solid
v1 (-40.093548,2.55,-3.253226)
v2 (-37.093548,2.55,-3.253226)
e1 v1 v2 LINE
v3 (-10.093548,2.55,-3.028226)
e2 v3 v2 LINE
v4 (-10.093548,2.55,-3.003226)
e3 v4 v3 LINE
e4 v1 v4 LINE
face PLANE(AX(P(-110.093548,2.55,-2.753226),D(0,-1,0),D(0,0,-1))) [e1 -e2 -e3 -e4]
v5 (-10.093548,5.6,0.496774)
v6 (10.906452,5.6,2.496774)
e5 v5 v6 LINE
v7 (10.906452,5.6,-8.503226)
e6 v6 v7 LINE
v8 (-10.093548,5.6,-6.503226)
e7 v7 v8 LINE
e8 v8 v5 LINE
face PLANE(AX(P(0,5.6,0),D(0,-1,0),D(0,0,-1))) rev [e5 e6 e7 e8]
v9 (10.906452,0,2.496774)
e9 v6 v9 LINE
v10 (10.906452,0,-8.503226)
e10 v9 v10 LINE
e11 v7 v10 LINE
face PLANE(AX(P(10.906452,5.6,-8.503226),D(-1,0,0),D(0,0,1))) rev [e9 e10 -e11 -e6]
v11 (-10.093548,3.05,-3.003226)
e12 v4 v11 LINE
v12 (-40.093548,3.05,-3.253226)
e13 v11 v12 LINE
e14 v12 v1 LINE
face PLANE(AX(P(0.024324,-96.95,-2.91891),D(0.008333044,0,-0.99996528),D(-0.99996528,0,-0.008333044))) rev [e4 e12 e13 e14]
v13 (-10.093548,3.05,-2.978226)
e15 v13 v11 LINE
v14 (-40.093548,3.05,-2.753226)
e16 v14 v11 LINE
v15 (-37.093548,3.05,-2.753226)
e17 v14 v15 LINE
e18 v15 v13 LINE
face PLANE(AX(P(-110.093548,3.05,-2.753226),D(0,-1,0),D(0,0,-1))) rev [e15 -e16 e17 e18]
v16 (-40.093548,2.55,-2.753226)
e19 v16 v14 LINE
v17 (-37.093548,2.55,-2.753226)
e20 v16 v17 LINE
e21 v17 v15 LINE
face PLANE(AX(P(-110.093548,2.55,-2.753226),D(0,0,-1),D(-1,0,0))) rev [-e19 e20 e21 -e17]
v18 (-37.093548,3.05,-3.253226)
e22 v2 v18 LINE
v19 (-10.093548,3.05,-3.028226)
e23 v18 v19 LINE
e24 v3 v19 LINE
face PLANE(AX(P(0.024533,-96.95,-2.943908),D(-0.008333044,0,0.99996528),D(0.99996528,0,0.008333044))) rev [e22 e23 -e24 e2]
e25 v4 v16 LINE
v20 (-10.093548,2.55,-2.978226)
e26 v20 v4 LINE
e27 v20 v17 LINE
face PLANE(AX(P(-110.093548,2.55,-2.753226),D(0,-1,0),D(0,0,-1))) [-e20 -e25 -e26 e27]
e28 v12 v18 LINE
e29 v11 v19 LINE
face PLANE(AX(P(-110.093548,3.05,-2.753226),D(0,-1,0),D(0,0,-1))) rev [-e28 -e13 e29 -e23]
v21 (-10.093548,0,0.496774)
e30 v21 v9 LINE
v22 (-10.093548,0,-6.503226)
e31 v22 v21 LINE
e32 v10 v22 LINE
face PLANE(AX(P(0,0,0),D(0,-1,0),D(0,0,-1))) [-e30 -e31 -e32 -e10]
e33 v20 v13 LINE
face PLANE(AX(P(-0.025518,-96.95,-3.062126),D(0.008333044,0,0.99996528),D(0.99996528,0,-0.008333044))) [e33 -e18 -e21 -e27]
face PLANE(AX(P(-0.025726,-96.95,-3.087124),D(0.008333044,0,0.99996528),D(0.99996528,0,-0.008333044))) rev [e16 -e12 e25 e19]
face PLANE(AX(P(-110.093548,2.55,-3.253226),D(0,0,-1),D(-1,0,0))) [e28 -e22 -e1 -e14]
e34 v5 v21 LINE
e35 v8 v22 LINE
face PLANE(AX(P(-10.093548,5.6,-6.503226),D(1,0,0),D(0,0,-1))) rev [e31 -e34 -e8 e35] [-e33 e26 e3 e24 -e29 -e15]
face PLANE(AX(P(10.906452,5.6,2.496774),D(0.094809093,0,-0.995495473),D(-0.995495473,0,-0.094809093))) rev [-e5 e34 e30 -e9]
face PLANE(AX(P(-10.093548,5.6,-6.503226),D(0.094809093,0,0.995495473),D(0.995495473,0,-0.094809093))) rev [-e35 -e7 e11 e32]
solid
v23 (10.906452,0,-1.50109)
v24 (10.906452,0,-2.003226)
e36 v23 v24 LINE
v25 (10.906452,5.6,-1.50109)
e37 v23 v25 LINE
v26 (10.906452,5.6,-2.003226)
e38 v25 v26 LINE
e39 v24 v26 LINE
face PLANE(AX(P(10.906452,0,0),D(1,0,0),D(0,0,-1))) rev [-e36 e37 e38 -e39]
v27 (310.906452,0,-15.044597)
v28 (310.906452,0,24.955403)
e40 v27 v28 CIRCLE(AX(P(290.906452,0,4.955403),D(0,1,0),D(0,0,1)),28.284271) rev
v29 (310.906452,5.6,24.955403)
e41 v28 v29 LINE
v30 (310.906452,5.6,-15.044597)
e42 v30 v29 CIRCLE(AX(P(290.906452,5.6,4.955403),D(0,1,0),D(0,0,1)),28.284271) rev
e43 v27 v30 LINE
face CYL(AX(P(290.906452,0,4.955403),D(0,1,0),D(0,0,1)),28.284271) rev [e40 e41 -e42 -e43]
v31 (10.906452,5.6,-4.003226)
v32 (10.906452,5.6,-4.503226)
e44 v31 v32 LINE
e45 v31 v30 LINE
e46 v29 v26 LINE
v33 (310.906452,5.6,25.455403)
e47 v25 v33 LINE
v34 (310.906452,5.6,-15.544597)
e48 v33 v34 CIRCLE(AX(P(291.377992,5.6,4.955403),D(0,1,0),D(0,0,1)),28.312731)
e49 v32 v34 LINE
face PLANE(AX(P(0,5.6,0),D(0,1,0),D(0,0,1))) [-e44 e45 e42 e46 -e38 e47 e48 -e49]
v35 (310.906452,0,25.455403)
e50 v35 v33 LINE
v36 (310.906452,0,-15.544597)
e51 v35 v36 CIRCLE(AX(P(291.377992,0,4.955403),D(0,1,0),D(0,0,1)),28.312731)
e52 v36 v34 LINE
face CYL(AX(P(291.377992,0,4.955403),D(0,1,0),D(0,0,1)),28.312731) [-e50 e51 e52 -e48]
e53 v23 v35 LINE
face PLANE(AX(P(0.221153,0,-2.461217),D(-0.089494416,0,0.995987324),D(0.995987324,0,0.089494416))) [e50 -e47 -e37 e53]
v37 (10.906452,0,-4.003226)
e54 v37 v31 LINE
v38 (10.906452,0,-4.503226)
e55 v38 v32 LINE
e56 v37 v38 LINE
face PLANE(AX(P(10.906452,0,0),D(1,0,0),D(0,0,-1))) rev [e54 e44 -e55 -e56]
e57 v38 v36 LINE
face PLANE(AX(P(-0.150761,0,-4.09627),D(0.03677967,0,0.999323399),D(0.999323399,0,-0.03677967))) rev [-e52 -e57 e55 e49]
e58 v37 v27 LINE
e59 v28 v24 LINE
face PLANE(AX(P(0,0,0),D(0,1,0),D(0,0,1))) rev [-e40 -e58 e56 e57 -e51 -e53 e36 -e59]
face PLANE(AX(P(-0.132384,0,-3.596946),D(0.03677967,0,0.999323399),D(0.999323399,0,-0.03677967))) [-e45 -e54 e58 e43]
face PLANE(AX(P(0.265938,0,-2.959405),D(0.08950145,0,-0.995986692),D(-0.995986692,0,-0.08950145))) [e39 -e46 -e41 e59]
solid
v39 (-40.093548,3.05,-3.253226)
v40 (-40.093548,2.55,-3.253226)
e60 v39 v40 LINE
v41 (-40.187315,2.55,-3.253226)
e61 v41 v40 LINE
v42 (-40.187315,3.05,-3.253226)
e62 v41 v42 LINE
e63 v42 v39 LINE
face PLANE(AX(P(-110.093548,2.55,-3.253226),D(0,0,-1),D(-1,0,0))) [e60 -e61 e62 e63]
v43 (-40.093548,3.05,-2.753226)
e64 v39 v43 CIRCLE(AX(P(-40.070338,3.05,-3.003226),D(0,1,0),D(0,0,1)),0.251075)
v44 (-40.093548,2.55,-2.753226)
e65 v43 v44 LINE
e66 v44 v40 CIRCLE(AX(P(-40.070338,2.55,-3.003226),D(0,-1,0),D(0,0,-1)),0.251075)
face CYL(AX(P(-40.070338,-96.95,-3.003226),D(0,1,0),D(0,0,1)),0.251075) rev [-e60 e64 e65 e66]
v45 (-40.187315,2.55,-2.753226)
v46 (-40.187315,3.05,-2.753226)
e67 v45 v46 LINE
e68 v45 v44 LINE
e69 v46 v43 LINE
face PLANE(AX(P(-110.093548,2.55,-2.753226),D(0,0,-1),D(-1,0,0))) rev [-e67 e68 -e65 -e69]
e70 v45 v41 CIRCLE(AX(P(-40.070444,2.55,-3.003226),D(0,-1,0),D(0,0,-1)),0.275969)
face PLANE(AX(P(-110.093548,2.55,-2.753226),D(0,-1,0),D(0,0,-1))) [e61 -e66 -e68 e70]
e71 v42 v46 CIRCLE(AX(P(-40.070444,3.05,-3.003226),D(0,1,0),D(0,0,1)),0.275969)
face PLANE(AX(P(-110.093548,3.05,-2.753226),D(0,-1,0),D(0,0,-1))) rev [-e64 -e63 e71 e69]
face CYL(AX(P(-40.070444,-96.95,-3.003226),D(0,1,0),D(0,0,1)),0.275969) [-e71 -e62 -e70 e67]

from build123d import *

# Parameters (mm, degrees)
BOSS_EXTRUDE1_DEPTH = 5.6
SKETCH2_W           = 0.5
SKETCH2_H           = 0.5
BOSS_EXTRUDE2_DEPTH = 100
CUT_EXTRUDE1_DEPTH  = 100
SKETCH4_W           = 2
SKETCH4_H           = 5.6
BOSS_EXTRUDE3_DEPTH = 300
SKETCH5_W           = 300
SKETCH5_H           = 2
CUT_EXTRUDE4_DEPTH  = 65
BOSS_EXTRUDE4_DEPTH = 5.6


with BuildPart() as part:
    # Sketch1 → Boss-Extrude1 (new body)
    with BuildSketch(Plane(origin=(0, 0, 0), x_dir=(1, 0, 0), z_dir=(0, 1, 0))):
        Polygon((-10.093548387, 6.503225806), (10.906451613, 8.503225806), (10.906451613, -2.496774194), (-10.093548387, -0.496774194), align=None)
    extrude(amount=BOSS_EXTRUDE1_DEPTH)

    # Sketch2 → Boss-Extrude2 (add)
    with BuildSketch(Plane.ZY.offset(10.093548387)):
        with Locations((-3.003225806, 2.8)):
            Rectangle(SKETCH2_W, SKETCH2_H)
    extrude(amount=BOSS_EXTRUDE2_DEPTH)

    # Sketch3 → Cut-Extrude1 (cut)
    with BuildSketch(Plane(origin=(0, 3.05, 0), x_dir=(1, 0, 0), z_dir=(0, 1, 0))):
        Polygon((-10.093548387, 3.028225806), (-10.093548387, 3.253225806), (-37.093548387, 3.253225806), align=None)
        with BuildLine():
            Line((-10.093548387, 3.003225806), (-40.093548387, 3.253225806))
            ThreePointArc((-40.093548387, 3.253225806), (-40.321412932, 3.003225806), (-40.093548387, 2.753225806))
            Line((-40.093548387, 2.753225806), (-10.093548387, 3.003225806))
        make_face()
        with BuildLine():
            ThreePointArc((-40.187314985, 2.753225806), (-40.346412932, 3.003225806), (-40.187314985, 3.253225806))
            Line((-40.187314985, 3.253225806), (-110.093548387, 3.253225806))
            Line((-110.093548387, 3.253225806), (-110.093548387, 2.753225806))
            Line((-110.093548387, 2.753225806), (-40.187314985, 2.753225806))
        make_face()
        Polygon((-10.093548387, 2.753225806), (-10.093548387, 2.978225806), (-37.093548387, 2.753225806), align=None)
    extrude(amount=-CUT_EXTRUDE1_DEPTH, mode=Mode.SUBTRACT)


with BuildPart() as cut_extrude1_piece_1:
    # of the separate pieces the step leaves, piece 1, a body of its own (cut_extrude1_pieces)
    add(part.part.solids().sort_by_distance((-10.093548387, 0, -6.503225806))[0])

    # Sketch4 → Boss-Extrude3 (add)
    with BuildSketch(Plane(origin=(10.906451613, 0, 0), x_dir=(0, 0, -1), z_dir=(1, 0, 0))):
        with Locations((3.003225806, 2.8)):
            Rectangle(SKETCH4_W, SKETCH4_H)
    extrude(amount=BOSS_EXTRUDE3_DEPTH)

    # Sketch5 → Cut-Extrude4 (cut)
    with BuildSketch(Plane(origin=(0, 5.6, 0), x_dir=(1, 0, 0), z_dir=(0, 1, 0))):
        with Locations((160.906451613, 3.003225806)):
            Rectangle(SKETCH5_W, SKETCH5_H)
    extrude(amount=-CUT_EXTRUDE4_DEPTH, mode=Mode.SUBTRACT)


with BuildPart() as cut_extrude1_piece_2:
    # of the separate pieces the step leaves, piece 2, a body of its own (cut_extrude1_pieces)
    add(part.part.solids().sort_by_distance((-40.187314985, 2.55, -2.753225806))[0])


with BuildPart() as body_3:
    # Sketch5<8> → Boss-Extrude4 (new body)
    with BuildSketch(Plane(origin=(0, 5.6, 0), x_dir=(1, 0, 0), z_dir=(0, 1, 0))):
        with BuildLine():
            Line((10.906451613, 4.503225806), (10.906451613, 4.003225806))
            Line((10.906451613, 4.003225806), (310.906451613, 15.044597432))
            ThreePointArc((310.906451613, 15.044597432), (319.19072286, -4.955402568), (310.906451613, -24.955402568))
            Line((310.906451613, -24.955402568), (10.906451613, 2.003225806))
            Line((10.906451613, 2.003225806), (10.906451613, 1.501089766))
            Line((10.906451613, 1.501089766), (310.906451613, -25.455402568))
            ThreePointArc((310.906451613, -25.455402568), (319.69072286, -4.955402568), (310.906451613, 15.544597432))
            Line((310.906451613, 15.544597432), (10.906451613, 4.503225806))
        make_face()
    extrude(amount=-BOSS_EXTRUDE4_DEPTH)


solid = Compound([cut_extrude1_piece_1.part, cut_extrude1_piece_2.part, body_3.part])
